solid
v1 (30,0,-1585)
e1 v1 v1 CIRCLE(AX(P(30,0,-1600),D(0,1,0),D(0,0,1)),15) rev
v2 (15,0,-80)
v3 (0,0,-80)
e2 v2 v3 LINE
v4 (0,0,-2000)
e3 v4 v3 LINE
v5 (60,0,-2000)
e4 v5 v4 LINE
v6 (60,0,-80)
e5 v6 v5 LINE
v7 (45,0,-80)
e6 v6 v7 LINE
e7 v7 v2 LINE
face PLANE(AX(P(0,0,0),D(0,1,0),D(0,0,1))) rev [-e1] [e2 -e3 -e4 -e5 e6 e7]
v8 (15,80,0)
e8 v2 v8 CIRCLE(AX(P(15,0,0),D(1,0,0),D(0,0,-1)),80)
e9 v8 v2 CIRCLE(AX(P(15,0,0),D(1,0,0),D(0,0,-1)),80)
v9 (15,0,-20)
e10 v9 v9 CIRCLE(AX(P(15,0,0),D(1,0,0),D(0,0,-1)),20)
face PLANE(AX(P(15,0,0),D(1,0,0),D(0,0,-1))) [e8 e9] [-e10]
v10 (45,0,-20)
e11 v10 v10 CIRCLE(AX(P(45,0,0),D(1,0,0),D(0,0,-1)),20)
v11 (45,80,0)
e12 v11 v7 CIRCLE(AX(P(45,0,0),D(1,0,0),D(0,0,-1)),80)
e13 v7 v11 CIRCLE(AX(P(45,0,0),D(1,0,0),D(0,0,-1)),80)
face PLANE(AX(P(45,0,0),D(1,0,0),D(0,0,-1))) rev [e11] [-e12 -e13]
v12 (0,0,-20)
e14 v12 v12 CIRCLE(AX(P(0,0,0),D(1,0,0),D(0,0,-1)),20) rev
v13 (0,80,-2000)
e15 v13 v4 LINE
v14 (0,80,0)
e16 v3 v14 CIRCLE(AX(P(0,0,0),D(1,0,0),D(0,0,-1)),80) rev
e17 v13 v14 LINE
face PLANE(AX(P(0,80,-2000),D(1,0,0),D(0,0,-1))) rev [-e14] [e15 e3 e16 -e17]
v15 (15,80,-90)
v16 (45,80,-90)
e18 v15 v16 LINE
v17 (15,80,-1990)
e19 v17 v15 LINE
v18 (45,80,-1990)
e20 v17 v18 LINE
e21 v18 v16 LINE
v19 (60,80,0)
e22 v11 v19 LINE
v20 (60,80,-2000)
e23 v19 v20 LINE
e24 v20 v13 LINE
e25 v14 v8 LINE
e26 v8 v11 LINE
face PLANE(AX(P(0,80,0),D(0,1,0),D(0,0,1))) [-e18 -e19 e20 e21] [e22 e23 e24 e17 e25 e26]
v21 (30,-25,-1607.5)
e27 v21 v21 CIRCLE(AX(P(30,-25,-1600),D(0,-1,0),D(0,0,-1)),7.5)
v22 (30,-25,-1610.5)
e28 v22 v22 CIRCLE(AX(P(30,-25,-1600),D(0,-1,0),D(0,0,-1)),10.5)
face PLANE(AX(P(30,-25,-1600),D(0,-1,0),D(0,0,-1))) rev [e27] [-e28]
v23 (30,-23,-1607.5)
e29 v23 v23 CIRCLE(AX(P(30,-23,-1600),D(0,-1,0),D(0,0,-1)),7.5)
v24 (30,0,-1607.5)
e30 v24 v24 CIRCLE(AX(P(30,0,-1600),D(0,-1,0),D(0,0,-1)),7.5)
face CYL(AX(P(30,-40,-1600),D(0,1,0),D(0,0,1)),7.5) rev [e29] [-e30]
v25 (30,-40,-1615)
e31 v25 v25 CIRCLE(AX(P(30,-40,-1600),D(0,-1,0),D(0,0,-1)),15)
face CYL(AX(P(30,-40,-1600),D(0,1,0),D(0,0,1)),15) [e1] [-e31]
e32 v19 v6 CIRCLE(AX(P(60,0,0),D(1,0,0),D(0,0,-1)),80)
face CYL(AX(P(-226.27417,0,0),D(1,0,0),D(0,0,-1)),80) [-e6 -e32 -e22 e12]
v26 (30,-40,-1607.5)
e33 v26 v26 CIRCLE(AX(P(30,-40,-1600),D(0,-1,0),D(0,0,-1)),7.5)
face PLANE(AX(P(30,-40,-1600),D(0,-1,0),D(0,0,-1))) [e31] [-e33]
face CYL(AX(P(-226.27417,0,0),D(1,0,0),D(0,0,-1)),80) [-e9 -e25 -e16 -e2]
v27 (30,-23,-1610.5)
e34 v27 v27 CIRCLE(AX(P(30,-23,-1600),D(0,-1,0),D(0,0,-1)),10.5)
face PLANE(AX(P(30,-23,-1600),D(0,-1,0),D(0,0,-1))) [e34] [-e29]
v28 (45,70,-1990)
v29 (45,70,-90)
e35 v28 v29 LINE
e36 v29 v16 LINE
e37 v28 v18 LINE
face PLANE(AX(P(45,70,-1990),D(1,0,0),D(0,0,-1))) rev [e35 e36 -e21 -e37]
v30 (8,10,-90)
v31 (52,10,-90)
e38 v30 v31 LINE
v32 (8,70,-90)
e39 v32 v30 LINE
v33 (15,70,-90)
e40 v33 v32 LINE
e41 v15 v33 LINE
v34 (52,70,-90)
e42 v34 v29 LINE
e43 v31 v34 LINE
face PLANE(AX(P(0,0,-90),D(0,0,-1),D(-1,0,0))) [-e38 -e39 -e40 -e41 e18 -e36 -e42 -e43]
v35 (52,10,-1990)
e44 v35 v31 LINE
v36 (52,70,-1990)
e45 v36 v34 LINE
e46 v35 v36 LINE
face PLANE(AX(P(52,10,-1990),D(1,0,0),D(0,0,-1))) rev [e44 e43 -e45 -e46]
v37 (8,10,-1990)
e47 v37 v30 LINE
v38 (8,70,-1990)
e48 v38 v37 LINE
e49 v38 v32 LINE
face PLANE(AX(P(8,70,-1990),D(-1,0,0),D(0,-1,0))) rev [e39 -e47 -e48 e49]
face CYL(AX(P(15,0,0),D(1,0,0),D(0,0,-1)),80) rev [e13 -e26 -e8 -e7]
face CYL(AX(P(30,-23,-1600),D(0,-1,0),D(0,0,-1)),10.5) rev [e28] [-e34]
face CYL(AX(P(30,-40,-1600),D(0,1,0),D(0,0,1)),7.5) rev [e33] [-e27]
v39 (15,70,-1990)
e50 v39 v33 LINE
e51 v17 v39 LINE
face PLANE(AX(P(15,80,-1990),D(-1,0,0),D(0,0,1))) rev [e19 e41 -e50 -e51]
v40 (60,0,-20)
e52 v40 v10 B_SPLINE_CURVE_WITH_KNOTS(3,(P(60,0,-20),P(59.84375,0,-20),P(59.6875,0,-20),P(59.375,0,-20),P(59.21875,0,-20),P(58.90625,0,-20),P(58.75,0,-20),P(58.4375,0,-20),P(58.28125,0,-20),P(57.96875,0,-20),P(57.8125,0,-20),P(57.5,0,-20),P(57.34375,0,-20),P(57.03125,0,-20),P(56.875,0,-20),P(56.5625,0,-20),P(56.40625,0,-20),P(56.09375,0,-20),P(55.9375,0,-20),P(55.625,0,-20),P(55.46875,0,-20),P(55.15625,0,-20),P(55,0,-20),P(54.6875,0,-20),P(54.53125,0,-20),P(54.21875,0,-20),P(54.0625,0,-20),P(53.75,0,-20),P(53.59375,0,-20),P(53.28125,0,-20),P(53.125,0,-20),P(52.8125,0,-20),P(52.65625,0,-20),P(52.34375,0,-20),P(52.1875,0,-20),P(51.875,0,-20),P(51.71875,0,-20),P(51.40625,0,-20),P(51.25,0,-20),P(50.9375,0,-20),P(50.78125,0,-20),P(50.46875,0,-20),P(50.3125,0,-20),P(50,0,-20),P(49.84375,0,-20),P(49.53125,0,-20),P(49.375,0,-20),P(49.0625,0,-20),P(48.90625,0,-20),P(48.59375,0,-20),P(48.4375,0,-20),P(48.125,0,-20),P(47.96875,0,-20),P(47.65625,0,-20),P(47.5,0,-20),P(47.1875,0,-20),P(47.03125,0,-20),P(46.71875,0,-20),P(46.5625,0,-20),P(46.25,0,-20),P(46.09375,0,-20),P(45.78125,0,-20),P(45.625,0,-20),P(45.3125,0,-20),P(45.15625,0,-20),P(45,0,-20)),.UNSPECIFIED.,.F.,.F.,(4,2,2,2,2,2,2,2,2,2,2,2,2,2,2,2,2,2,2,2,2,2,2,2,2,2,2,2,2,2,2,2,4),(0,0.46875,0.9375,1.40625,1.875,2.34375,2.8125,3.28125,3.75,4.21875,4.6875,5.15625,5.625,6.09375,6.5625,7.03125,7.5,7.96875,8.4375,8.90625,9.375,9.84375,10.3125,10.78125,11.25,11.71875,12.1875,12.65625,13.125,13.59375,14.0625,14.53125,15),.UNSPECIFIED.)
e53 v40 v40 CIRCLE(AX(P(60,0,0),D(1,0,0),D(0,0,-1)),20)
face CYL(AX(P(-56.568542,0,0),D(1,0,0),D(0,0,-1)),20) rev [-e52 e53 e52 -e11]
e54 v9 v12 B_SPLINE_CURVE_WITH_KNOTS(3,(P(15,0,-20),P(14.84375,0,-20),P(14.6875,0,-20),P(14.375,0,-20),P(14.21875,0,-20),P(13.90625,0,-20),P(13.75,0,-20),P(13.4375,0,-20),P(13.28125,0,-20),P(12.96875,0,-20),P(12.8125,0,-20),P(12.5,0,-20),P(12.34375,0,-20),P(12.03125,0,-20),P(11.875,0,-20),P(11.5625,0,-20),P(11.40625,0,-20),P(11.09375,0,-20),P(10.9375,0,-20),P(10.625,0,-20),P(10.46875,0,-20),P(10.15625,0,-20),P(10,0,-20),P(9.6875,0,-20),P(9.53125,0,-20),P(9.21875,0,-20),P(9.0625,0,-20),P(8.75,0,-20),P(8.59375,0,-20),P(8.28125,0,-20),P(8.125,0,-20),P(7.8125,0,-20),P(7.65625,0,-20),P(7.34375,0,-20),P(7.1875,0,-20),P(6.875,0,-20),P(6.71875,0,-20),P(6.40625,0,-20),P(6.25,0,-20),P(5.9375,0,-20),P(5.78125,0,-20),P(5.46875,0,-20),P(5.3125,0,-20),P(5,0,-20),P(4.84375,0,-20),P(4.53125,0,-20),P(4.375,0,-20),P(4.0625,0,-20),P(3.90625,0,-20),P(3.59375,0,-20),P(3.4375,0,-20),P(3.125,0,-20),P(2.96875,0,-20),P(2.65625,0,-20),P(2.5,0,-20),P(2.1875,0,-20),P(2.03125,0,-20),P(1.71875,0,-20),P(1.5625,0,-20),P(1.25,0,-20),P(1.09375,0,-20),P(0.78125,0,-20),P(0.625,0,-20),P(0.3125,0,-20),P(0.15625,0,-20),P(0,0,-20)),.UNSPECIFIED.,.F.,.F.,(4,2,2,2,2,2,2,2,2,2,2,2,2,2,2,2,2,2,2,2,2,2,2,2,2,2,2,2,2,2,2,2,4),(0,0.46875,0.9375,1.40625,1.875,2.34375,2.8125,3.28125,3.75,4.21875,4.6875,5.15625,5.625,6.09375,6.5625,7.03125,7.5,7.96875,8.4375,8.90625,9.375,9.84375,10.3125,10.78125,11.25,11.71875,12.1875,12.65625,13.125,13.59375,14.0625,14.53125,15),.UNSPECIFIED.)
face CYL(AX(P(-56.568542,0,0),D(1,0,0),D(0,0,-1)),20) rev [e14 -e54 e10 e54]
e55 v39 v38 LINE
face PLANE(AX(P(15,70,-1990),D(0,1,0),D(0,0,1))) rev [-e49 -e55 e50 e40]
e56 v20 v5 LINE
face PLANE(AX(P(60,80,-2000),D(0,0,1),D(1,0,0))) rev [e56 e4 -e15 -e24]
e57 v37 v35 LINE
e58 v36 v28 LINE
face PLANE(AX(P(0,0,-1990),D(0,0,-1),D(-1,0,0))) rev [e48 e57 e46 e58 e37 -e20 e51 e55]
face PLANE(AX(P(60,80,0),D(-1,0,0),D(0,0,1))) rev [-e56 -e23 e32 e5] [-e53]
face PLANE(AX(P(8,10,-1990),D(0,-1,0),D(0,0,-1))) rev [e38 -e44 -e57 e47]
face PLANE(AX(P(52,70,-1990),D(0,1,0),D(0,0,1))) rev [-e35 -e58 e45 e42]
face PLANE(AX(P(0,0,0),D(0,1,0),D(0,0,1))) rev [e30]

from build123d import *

# Parameters (mm, degrees)
SKETCH1_W           = 60
SKETCH1_H           = 2000
BOSS_EXTRUDE1_DEPTH = 80
CUT_EXTRUDE1_START  = -90
CUT_EXTRUDE1_DEPTH  = 1900
SKETCH3_R           = 80
BOSS_EXTRUDE2_DEPTH = 60
CUT_EXTRUDE2_START  = -15
SKETCH3_2_R         = 80
CUT_EXTRUDE2_DEPTH  = 30
CUT_EXTRUDE3_REACH  = 2004.498
SKETCH4_R           = 20
SKETCH5_R           = 15
SKETCH5_R_2         = 7.5
BOSS_EXTRUDE3_DEPTH = 40
CUT_EXTRUDE4_START  = -15
SKETCH6_R           = 10.5
CUT_EXTRUDE4_DEPTH  = 2


with BuildPart() as part:
    # Sketch1 → Boss-Extrude1 (new body)
    with BuildSketch(Plane(origin=(0, 0, 0), x_dir=(1, 0, 0), z_dir=(0, 1, 0))):
        with Locations((30, 1000)):
            Rectangle(SKETCH1_W, SKETCH1_H)
    extrude(amount=BOSS_EXTRUDE1_DEPTH)

    # Sketch2 → Cut-Extrude1 (cut)
    with BuildSketch(Plane.XY.offset(CUT_EXTRUDE1_START)):
        Polygon((15, 80), (15, 70), (8, 70), (8, 10), (52, 10), (52, 70), (45, 70), (45, 80), align=None)
    extrude(amount=-CUT_EXTRUDE1_DEPTH, mode=Mode.SUBTRACT)

    # Sketch3 → Boss-Extrude2 (add)
    with BuildSketch(Plane(origin=(60, 0, 0), x_dir=(0, 0, -1), z_dir=(1, 0, 0))):
        Circle(SKETCH3_R)
    extrude(amount=-BOSS_EXTRUDE2_DEPTH)

    # Sketch3<2> → Cut-Extrude2 (cut)
    with BuildSketch(Plane(origin=(60, 0, 0), x_dir=(0, 0, -1), z_dir=(1, 0, 0)).offset(CUT_EXTRUDE2_START)):
        Circle(SKETCH3_2_R)
    extrude(amount=-CUT_EXTRUDE2_DEPTH, mode=Mode.SUBTRACT)

    # Cut-Extrude3: up to this face of the body (flat: up to its plane)
    cut_extrude3_end = Plane(part.part.faces().sort_by_distance((0, 35.579997564, -912.895006003))[0])
    # Sketch4 → Cut-Extrude3 (cut, up to the picked face)
    with BuildSketch(Plane(origin=(60, 0, 0), x_dir=(0, 0, -1), z_dir=(1, 0, 0)), mode=Mode.PRIVATE) as cut_extrude3_sk1:
        Circle(SKETCH4_R)
    cut_extrude3_tool1 = split(extrude(cut_extrude3_sk1.sketch, amount=-CUT_EXTRUDE3_REACH, mode=Mode.PRIVATE), bisect_by=cut_extrude3_end, keep=Keep.BOTH, mode=Mode.PRIVATE)
    add(cut_extrude3_tool1.solids().sort_by(Axis((60, 0, 0), (-1, 0, 0)))[0], mode=Mode.SUBTRACT)

    # Sketch5 → Boss-Extrude3 (add)
    with BuildSketch(Plane.XZ):
        with Locations(Location((30, -1600, 0), (0, 0, 90))):
            Circle(SKETCH5_R)
        with Locations(Location((30, -1600, 0), (0, 0, 270))):
            Circle(SKETCH5_R_2, mode=Mode.SUBTRACT)
    extrude(amount=BOSS_EXTRUDE3_DEPTH)

    # Sketch6 → Cut-Extrude4 (cut)
    with BuildSketch(Plane.XZ.offset(40).offset(CUT_EXTRUDE4_START)):
        with Locations(Location((30, -1600, 0), (0, 0, 270))):
            Circle(SKETCH6_R)
    extrude(amount=-CUT_EXTRUDE4_DEPTH, mode=Mode.SUBTRACT)


solid = part.part
